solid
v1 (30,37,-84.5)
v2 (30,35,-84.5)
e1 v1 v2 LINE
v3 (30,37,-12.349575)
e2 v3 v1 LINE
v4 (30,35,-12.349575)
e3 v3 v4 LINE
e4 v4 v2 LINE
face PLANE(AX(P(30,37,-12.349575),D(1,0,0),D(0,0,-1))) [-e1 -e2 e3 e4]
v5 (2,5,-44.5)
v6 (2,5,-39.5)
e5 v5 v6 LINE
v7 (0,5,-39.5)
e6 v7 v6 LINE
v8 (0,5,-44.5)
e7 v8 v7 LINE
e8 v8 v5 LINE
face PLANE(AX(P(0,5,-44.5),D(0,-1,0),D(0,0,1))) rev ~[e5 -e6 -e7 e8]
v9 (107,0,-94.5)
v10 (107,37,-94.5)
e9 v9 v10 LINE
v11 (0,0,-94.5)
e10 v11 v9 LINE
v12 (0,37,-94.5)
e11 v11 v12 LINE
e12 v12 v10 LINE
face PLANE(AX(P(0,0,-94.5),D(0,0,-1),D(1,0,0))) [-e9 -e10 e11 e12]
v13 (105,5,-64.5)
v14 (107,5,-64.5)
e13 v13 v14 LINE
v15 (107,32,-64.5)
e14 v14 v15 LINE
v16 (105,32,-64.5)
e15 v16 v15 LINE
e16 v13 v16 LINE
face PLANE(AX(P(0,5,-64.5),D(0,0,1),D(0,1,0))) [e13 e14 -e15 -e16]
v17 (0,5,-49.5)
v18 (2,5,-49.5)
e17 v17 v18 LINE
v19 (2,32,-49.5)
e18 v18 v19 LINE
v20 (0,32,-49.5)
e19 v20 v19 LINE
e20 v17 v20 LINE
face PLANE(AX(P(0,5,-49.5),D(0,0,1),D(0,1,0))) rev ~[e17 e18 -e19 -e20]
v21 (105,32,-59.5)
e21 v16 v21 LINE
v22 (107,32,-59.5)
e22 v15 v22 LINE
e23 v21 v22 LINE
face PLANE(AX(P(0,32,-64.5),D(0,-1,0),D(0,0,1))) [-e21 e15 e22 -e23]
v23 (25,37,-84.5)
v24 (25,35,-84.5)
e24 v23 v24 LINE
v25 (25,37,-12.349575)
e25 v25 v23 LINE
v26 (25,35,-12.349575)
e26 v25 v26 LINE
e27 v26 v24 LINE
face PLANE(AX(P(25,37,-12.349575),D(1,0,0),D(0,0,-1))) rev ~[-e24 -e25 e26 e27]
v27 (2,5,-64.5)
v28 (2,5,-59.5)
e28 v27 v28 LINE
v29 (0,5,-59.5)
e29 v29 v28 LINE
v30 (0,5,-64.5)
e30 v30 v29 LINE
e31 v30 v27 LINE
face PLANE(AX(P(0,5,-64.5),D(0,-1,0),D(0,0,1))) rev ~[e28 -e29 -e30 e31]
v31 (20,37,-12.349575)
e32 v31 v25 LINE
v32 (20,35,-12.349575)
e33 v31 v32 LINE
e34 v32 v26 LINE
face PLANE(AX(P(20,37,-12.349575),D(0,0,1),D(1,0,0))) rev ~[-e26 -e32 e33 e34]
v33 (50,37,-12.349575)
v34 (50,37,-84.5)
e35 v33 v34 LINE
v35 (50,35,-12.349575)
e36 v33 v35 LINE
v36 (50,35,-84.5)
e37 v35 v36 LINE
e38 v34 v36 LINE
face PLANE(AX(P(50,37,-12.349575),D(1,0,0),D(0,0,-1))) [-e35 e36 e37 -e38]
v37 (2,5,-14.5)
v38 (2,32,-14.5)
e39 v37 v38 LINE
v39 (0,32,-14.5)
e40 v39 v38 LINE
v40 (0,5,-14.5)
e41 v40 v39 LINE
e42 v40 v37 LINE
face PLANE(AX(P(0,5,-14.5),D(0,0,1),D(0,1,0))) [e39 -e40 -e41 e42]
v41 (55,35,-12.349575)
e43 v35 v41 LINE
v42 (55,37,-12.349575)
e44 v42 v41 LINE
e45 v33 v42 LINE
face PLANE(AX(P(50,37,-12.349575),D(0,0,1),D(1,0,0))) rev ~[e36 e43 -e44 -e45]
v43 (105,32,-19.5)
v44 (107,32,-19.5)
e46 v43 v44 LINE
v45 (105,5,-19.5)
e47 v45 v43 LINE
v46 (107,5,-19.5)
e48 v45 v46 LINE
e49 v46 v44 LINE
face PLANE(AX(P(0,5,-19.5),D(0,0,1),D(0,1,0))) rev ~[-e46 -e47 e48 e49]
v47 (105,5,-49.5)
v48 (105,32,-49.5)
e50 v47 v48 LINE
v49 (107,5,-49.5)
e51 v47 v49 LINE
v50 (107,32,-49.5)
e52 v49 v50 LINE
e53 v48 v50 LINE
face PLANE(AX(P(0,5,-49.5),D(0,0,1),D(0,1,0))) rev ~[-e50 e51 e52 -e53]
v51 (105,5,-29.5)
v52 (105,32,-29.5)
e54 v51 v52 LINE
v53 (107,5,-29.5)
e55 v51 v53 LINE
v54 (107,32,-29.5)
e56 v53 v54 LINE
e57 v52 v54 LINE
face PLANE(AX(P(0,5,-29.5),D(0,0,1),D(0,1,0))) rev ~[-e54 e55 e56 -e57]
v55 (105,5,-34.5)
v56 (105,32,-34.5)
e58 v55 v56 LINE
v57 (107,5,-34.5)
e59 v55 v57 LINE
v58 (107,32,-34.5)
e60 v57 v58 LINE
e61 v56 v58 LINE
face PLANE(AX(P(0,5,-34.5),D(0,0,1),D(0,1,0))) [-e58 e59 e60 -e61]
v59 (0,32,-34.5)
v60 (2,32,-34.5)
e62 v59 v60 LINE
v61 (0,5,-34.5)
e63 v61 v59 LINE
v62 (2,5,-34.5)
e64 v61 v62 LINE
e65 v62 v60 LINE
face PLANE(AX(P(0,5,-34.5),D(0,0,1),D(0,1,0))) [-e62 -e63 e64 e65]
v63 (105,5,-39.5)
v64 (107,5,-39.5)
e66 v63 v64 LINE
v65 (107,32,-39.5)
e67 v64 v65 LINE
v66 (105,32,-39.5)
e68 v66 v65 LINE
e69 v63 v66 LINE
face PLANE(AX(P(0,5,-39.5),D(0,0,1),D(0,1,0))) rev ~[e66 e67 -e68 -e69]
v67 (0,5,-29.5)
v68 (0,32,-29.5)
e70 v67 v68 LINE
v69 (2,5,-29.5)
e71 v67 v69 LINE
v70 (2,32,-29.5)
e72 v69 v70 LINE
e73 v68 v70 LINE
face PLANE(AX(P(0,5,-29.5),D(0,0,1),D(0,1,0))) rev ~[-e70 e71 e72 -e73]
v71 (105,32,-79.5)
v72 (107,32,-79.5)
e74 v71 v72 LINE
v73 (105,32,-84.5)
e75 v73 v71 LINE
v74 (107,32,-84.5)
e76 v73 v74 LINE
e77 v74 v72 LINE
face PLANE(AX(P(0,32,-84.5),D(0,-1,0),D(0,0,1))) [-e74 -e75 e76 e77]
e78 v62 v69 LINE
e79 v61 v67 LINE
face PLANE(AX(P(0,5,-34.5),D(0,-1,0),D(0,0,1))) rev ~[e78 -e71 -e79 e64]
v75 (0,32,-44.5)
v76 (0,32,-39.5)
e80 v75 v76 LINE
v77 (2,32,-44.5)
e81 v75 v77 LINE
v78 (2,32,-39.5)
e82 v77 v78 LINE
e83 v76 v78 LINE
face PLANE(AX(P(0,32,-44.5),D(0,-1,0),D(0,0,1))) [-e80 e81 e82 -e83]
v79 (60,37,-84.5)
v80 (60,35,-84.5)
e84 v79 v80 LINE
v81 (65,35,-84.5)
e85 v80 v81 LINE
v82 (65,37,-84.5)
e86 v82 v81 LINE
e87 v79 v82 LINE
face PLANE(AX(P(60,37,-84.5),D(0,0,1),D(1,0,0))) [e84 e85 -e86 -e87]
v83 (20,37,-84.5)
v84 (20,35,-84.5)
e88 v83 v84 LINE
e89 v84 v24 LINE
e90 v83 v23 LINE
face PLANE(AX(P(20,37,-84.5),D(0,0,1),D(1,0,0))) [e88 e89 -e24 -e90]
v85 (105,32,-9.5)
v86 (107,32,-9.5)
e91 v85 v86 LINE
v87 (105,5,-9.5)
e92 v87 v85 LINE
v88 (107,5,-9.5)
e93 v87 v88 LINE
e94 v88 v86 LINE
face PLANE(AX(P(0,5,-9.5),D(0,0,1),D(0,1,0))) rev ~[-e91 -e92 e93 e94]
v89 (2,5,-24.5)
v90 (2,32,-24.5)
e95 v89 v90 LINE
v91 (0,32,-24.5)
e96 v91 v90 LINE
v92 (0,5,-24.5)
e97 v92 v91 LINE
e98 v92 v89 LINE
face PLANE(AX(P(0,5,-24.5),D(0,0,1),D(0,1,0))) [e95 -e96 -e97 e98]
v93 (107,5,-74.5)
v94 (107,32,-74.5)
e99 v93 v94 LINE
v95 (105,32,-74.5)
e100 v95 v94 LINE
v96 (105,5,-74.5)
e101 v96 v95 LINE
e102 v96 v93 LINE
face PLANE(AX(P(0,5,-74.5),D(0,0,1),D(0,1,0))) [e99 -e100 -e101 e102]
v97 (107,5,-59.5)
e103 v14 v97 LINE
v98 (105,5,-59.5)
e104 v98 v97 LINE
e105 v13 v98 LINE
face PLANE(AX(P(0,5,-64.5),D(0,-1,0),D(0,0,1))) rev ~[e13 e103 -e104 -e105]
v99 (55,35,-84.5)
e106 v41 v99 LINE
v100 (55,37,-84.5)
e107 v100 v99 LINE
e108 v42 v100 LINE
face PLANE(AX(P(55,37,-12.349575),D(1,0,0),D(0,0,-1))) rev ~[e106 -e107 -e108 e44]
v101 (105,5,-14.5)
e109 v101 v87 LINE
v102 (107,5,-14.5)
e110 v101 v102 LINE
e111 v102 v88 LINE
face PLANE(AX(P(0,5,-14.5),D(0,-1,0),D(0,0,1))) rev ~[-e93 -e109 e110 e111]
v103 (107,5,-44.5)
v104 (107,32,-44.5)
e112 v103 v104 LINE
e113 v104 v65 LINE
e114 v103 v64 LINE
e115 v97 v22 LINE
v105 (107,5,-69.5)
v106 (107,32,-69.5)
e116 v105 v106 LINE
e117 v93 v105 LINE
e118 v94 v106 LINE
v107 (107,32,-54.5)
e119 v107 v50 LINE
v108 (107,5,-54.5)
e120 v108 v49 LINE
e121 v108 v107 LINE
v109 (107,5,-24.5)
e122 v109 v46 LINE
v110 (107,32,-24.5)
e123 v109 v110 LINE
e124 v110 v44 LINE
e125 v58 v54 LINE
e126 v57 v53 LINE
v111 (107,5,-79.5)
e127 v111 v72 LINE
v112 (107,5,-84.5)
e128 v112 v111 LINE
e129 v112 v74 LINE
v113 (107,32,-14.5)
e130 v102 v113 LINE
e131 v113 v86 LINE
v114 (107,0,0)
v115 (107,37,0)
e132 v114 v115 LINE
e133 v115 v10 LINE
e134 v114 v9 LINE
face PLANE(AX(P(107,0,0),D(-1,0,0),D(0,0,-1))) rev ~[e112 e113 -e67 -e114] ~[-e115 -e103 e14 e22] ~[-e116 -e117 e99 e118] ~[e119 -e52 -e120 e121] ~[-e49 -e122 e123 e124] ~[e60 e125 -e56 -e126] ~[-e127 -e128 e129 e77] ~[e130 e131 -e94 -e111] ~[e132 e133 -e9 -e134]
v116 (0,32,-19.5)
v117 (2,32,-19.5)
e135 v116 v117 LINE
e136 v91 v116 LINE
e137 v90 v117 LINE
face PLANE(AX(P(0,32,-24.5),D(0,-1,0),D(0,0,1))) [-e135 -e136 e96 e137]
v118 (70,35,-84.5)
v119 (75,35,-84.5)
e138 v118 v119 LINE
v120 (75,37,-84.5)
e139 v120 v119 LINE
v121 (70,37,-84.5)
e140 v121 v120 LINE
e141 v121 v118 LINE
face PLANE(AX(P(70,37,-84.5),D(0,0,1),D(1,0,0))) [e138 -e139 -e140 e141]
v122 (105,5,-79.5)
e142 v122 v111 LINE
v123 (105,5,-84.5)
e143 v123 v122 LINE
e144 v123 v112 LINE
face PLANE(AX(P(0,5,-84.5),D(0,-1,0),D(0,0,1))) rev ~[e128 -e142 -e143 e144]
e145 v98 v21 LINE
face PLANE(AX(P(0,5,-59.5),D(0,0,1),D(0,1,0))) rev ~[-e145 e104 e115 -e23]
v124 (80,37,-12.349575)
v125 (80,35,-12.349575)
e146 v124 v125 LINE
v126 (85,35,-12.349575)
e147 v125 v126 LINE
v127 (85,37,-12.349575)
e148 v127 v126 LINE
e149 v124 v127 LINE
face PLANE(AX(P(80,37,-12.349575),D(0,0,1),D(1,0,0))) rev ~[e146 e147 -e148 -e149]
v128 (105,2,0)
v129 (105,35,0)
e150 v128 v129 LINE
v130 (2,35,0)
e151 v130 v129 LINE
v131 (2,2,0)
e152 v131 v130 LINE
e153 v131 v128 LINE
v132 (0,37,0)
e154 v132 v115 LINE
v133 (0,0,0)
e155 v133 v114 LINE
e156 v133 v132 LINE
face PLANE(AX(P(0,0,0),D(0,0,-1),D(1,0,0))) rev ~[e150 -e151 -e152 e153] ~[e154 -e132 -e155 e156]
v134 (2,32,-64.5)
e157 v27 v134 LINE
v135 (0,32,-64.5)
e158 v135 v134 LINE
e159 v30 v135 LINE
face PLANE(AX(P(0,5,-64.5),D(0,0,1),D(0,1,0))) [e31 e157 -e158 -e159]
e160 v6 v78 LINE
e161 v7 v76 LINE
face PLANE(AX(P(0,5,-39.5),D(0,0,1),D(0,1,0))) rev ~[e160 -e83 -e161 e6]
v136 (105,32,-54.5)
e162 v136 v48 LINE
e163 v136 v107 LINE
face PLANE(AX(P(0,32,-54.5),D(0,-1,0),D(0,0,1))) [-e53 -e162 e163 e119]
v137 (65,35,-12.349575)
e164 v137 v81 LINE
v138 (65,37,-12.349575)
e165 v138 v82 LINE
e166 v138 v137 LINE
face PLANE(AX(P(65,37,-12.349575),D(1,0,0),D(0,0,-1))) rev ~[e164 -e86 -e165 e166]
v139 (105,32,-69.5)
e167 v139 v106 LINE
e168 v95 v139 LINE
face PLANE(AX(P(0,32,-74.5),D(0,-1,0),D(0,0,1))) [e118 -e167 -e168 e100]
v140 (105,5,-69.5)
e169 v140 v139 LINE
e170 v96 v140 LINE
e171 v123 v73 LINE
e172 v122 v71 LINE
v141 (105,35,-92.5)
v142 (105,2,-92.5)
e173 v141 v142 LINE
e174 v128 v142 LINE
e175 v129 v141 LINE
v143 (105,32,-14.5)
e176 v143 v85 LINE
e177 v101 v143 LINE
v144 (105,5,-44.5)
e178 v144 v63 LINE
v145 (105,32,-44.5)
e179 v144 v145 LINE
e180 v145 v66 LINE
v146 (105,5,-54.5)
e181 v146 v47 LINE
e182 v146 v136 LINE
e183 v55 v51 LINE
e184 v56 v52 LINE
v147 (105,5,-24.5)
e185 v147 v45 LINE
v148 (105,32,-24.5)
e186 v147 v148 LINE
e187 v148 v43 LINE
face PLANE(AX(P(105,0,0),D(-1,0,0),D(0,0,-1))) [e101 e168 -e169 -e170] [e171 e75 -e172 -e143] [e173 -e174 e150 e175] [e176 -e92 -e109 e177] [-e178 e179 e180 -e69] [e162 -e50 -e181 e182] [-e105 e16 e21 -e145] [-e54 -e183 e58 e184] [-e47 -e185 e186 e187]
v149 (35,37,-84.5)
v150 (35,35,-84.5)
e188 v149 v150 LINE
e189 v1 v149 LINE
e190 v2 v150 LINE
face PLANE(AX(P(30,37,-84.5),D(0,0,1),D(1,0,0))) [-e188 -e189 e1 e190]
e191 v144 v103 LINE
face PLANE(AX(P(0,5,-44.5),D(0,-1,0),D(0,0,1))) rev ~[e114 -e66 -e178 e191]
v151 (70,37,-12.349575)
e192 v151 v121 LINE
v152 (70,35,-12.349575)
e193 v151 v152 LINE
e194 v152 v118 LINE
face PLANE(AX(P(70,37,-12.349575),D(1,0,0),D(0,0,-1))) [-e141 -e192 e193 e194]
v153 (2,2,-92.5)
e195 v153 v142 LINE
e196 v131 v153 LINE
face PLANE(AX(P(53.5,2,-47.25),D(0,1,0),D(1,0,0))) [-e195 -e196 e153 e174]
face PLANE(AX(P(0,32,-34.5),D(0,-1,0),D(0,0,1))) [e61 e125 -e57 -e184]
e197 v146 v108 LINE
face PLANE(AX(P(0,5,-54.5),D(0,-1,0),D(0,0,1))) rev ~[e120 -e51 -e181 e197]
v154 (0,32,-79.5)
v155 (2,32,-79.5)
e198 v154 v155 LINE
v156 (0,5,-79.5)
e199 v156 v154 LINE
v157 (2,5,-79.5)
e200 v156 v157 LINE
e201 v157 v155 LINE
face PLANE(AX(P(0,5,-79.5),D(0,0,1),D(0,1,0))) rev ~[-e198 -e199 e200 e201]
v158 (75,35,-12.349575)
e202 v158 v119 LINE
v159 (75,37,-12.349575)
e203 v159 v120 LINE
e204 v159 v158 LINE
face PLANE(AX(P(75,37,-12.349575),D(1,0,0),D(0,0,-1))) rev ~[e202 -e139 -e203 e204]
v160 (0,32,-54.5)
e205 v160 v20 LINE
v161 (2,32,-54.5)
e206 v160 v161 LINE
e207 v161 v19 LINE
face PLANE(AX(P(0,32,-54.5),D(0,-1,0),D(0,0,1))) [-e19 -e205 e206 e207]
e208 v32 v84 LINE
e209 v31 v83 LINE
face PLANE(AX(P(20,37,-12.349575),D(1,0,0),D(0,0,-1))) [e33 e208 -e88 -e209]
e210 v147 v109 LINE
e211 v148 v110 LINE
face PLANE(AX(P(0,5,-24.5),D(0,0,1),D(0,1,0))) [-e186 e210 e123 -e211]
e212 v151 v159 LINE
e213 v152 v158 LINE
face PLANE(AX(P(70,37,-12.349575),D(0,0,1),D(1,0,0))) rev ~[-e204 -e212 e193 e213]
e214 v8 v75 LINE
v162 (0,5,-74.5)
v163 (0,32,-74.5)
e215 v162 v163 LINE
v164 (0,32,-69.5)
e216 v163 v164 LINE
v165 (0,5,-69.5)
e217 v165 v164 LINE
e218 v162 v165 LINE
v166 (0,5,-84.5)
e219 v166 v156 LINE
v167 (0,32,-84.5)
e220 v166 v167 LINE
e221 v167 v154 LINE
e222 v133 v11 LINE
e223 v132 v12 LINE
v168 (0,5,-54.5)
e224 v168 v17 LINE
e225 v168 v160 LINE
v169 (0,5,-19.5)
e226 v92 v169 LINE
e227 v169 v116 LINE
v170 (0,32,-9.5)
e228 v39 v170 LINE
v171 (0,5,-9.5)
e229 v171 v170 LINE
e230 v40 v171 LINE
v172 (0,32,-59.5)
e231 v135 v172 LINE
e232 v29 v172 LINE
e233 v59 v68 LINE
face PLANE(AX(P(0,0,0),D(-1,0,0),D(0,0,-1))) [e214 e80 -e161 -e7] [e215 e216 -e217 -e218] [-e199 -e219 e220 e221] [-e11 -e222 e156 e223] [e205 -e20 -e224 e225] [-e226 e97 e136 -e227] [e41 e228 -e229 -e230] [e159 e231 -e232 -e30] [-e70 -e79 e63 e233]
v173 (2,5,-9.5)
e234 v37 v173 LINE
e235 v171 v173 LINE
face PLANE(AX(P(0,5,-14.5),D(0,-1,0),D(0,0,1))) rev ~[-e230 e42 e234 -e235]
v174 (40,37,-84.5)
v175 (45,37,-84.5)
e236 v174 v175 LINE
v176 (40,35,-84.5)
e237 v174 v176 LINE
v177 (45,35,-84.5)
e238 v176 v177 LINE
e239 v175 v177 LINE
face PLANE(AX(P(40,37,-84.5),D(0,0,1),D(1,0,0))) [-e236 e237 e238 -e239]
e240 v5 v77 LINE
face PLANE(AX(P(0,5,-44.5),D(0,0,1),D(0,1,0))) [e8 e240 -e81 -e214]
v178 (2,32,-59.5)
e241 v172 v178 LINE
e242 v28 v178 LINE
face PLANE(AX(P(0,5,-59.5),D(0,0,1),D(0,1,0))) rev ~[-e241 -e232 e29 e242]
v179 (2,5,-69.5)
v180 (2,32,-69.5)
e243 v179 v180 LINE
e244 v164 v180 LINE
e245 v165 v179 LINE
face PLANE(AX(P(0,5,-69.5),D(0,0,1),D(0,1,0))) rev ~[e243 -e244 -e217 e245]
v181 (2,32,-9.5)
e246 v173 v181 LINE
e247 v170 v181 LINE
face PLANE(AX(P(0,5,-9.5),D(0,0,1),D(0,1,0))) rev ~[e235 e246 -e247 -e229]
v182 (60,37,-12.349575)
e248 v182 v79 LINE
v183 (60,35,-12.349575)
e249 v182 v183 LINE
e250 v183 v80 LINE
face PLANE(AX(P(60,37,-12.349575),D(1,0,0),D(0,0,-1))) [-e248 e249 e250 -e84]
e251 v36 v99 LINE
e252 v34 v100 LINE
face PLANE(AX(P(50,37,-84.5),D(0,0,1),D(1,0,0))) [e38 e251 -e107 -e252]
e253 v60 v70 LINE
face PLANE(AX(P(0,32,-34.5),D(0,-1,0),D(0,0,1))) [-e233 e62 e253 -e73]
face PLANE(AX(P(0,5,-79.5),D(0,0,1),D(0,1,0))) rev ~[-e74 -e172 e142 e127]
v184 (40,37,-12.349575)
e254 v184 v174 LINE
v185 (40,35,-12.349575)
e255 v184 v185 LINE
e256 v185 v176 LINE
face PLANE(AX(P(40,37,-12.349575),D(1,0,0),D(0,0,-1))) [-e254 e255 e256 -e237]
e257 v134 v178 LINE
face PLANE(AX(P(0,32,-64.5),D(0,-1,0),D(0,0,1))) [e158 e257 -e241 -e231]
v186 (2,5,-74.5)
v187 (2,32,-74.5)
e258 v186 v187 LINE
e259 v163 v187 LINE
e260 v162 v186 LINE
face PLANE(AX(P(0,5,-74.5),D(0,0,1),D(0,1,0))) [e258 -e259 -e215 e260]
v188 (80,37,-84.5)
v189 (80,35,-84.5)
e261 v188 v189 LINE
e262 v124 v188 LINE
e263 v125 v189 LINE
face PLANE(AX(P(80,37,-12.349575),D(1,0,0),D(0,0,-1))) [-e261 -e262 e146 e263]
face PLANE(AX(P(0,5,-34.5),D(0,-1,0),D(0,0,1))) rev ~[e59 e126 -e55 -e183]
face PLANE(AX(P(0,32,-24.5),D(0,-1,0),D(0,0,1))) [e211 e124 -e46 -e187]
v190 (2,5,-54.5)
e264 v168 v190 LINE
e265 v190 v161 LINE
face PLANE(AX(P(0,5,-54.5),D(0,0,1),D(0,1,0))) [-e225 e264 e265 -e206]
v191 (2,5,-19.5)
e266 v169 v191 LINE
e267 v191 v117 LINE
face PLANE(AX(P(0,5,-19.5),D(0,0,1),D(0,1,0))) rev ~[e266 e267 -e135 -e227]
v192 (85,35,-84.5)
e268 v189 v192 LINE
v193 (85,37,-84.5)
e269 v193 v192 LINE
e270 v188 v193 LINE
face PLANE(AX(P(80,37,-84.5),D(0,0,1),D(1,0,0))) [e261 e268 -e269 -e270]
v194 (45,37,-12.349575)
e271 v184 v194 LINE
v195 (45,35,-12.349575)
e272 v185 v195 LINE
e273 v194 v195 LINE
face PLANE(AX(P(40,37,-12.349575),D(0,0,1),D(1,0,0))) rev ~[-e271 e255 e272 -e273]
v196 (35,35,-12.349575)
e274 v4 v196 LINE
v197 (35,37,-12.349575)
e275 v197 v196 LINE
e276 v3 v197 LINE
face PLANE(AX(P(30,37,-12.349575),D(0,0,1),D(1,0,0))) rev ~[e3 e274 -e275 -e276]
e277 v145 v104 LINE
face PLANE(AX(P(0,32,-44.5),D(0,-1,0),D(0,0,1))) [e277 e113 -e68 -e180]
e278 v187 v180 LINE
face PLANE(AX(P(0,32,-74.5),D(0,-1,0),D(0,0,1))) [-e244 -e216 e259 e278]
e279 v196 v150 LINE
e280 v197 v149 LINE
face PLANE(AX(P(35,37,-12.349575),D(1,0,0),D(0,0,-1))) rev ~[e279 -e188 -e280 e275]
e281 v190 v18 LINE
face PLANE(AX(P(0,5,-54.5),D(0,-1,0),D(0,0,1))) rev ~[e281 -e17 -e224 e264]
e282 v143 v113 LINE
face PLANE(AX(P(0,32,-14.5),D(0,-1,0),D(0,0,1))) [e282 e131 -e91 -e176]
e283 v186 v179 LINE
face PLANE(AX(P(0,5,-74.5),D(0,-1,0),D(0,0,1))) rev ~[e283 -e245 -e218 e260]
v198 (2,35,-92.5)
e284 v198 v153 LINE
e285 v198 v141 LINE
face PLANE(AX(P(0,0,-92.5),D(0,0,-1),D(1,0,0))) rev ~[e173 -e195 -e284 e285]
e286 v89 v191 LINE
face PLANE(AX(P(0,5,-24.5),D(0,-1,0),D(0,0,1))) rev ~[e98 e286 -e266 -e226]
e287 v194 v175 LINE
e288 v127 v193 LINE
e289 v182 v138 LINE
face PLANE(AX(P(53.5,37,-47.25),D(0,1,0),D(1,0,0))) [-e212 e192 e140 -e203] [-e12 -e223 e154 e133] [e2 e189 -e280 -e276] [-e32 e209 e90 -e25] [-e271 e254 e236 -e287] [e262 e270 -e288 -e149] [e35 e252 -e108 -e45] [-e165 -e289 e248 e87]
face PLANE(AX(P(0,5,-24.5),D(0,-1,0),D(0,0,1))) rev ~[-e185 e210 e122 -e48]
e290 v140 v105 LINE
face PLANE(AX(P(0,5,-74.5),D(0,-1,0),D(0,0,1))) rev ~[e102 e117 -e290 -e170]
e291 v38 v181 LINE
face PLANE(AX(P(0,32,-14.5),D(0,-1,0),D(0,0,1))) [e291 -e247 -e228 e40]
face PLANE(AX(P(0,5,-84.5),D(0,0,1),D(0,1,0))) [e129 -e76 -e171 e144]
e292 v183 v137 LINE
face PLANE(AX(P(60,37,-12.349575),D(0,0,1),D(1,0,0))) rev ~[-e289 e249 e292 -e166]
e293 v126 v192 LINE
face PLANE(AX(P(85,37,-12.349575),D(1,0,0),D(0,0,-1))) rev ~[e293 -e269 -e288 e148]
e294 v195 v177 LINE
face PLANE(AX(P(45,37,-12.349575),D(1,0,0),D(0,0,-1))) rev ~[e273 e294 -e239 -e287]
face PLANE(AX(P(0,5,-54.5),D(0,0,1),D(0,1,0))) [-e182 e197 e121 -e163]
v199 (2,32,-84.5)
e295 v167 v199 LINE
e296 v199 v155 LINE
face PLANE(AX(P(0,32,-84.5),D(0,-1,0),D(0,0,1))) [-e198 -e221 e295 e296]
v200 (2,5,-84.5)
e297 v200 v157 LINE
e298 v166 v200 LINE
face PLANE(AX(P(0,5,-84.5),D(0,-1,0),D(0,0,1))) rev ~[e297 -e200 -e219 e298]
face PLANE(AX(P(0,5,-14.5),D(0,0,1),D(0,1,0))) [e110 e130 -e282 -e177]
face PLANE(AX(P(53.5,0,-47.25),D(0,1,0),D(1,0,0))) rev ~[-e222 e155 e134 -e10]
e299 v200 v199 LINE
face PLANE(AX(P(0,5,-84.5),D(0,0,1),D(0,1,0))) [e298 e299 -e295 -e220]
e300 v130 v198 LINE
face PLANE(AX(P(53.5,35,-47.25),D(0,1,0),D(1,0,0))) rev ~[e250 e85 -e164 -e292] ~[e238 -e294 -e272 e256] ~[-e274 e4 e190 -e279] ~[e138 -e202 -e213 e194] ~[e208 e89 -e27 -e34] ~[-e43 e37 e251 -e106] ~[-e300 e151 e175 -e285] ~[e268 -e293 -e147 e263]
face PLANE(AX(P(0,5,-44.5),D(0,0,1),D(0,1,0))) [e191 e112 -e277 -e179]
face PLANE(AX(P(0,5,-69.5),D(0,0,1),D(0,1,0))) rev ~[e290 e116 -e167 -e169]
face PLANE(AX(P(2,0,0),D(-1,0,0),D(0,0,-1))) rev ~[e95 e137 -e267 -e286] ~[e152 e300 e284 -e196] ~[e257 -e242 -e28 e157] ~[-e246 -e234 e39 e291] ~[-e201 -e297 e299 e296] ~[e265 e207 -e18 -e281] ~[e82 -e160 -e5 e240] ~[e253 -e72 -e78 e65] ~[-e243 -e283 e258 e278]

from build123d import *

# Parameters (mm, degrees)
SKETCH_1_W          = 107
SKETCH_1_H          = 94.5
EXTRUDE_1_DEPTH     = 37
SHELL_1_T           = -2
SKETCH_2_W          = 5
SKETCH_2_H          = 72.15042502
CUT_EXTRUDE_3_DEPTH = 20
SKETCH_6_W          = 5
SKETCH_6_H          = 27
CUT_EXTRUDE_4_DEPTH = 1000


with BuildPart() as part:
    # 草图1 → 凸台-拉伸1 (new body)
    with BuildSketch(Plane(origin=(0, 0, 0), x_dir=(1, 0, 0), z_dir=(0, 1, 0))):
        with Locations((53.5, 47.25)):
            Rectangle(SKETCH_1_W, SKETCH_1_H)
    extrude(amount=EXTRUDE_1_DEPTH)

    # 抽壳1
    shell_1_openings = [part.faces().sort_by_distance(p)[0] for p in [
        (53.5, 18.5, 0),
    ]]
    offset(amount=SHELL_1_T, openings=shell_1_openings, kind=Kind.INTERSECTION)

    # 草图2 → 切除-拉伸3 (cut)
    with BuildSketch(Plane(origin=(0, 37, 0), x_dir=(1, 0, 0), z_dir=(0, 1, 0))):
        with Locations((22.5, 48.42478749)):
            Rectangle(SKETCH_2_W, SKETCH_2_H)
        with Locations((32.5, 48.42478749)):
            Rectangle(SKETCH_2_W, SKETCH_2_H)
        with Locations((42.5, 48.42478749)):
            Rectangle(SKETCH_2_W, SKETCH_2_H)
        with Locations((52.5, 48.42478749)):
            Rectangle(SKETCH_2_W, SKETCH_2_H)
        with Locations((62.5, 48.42478749)):
            Rectangle(SKETCH_2_W, SKETCH_2_H)
        with Locations((72.5, 48.42478749)):
            Rectangle(SKETCH_2_W, SKETCH_2_H)
        with Locations((82.5, 48.42478749)):
            Rectangle(SKETCH_2_W, SKETCH_2_H)
    extrude(amount=-CUT_EXTRUDE_3_DEPTH, mode=Mode.SUBTRACT)

    # 草图6 → 切除-拉伸4 (cut)
    with BuildSketch(Plane.ZY):
        with Locations((-82, 18.5)):
            Rectangle(SKETCH_6_W, SKETCH_6_H)
        with Locations((-72, 18.5)):
            Rectangle(SKETCH_6_W, SKETCH_6_H)
        with Locations((-62, 18.5)):
            Rectangle(SKETCH_6_W, SKETCH_6_H)
        with Locations((-52, 18.5)):
            Rectangle(SKETCH_6_W, SKETCH_6_H)
        with Locations((-42, 18.5)):
            Rectangle(SKETCH_6_W, SKETCH_6_H)
        with Locations((-32, 18.5)):
            Rectangle(SKETCH_6_W, SKETCH_6_H)
        with Locations((-22, 18.5)):
            Rectangle(SKETCH_6_W, SKETCH_6_H)
        with Locations((-12, 18.5)):
            Rectangle(SKETCH_6_W, SKETCH_6_H)
    extrude(amount=-CUT_EXTRUDE_4_DEPTH, mode=Mode.SUBTRACT)


solid = part.part
